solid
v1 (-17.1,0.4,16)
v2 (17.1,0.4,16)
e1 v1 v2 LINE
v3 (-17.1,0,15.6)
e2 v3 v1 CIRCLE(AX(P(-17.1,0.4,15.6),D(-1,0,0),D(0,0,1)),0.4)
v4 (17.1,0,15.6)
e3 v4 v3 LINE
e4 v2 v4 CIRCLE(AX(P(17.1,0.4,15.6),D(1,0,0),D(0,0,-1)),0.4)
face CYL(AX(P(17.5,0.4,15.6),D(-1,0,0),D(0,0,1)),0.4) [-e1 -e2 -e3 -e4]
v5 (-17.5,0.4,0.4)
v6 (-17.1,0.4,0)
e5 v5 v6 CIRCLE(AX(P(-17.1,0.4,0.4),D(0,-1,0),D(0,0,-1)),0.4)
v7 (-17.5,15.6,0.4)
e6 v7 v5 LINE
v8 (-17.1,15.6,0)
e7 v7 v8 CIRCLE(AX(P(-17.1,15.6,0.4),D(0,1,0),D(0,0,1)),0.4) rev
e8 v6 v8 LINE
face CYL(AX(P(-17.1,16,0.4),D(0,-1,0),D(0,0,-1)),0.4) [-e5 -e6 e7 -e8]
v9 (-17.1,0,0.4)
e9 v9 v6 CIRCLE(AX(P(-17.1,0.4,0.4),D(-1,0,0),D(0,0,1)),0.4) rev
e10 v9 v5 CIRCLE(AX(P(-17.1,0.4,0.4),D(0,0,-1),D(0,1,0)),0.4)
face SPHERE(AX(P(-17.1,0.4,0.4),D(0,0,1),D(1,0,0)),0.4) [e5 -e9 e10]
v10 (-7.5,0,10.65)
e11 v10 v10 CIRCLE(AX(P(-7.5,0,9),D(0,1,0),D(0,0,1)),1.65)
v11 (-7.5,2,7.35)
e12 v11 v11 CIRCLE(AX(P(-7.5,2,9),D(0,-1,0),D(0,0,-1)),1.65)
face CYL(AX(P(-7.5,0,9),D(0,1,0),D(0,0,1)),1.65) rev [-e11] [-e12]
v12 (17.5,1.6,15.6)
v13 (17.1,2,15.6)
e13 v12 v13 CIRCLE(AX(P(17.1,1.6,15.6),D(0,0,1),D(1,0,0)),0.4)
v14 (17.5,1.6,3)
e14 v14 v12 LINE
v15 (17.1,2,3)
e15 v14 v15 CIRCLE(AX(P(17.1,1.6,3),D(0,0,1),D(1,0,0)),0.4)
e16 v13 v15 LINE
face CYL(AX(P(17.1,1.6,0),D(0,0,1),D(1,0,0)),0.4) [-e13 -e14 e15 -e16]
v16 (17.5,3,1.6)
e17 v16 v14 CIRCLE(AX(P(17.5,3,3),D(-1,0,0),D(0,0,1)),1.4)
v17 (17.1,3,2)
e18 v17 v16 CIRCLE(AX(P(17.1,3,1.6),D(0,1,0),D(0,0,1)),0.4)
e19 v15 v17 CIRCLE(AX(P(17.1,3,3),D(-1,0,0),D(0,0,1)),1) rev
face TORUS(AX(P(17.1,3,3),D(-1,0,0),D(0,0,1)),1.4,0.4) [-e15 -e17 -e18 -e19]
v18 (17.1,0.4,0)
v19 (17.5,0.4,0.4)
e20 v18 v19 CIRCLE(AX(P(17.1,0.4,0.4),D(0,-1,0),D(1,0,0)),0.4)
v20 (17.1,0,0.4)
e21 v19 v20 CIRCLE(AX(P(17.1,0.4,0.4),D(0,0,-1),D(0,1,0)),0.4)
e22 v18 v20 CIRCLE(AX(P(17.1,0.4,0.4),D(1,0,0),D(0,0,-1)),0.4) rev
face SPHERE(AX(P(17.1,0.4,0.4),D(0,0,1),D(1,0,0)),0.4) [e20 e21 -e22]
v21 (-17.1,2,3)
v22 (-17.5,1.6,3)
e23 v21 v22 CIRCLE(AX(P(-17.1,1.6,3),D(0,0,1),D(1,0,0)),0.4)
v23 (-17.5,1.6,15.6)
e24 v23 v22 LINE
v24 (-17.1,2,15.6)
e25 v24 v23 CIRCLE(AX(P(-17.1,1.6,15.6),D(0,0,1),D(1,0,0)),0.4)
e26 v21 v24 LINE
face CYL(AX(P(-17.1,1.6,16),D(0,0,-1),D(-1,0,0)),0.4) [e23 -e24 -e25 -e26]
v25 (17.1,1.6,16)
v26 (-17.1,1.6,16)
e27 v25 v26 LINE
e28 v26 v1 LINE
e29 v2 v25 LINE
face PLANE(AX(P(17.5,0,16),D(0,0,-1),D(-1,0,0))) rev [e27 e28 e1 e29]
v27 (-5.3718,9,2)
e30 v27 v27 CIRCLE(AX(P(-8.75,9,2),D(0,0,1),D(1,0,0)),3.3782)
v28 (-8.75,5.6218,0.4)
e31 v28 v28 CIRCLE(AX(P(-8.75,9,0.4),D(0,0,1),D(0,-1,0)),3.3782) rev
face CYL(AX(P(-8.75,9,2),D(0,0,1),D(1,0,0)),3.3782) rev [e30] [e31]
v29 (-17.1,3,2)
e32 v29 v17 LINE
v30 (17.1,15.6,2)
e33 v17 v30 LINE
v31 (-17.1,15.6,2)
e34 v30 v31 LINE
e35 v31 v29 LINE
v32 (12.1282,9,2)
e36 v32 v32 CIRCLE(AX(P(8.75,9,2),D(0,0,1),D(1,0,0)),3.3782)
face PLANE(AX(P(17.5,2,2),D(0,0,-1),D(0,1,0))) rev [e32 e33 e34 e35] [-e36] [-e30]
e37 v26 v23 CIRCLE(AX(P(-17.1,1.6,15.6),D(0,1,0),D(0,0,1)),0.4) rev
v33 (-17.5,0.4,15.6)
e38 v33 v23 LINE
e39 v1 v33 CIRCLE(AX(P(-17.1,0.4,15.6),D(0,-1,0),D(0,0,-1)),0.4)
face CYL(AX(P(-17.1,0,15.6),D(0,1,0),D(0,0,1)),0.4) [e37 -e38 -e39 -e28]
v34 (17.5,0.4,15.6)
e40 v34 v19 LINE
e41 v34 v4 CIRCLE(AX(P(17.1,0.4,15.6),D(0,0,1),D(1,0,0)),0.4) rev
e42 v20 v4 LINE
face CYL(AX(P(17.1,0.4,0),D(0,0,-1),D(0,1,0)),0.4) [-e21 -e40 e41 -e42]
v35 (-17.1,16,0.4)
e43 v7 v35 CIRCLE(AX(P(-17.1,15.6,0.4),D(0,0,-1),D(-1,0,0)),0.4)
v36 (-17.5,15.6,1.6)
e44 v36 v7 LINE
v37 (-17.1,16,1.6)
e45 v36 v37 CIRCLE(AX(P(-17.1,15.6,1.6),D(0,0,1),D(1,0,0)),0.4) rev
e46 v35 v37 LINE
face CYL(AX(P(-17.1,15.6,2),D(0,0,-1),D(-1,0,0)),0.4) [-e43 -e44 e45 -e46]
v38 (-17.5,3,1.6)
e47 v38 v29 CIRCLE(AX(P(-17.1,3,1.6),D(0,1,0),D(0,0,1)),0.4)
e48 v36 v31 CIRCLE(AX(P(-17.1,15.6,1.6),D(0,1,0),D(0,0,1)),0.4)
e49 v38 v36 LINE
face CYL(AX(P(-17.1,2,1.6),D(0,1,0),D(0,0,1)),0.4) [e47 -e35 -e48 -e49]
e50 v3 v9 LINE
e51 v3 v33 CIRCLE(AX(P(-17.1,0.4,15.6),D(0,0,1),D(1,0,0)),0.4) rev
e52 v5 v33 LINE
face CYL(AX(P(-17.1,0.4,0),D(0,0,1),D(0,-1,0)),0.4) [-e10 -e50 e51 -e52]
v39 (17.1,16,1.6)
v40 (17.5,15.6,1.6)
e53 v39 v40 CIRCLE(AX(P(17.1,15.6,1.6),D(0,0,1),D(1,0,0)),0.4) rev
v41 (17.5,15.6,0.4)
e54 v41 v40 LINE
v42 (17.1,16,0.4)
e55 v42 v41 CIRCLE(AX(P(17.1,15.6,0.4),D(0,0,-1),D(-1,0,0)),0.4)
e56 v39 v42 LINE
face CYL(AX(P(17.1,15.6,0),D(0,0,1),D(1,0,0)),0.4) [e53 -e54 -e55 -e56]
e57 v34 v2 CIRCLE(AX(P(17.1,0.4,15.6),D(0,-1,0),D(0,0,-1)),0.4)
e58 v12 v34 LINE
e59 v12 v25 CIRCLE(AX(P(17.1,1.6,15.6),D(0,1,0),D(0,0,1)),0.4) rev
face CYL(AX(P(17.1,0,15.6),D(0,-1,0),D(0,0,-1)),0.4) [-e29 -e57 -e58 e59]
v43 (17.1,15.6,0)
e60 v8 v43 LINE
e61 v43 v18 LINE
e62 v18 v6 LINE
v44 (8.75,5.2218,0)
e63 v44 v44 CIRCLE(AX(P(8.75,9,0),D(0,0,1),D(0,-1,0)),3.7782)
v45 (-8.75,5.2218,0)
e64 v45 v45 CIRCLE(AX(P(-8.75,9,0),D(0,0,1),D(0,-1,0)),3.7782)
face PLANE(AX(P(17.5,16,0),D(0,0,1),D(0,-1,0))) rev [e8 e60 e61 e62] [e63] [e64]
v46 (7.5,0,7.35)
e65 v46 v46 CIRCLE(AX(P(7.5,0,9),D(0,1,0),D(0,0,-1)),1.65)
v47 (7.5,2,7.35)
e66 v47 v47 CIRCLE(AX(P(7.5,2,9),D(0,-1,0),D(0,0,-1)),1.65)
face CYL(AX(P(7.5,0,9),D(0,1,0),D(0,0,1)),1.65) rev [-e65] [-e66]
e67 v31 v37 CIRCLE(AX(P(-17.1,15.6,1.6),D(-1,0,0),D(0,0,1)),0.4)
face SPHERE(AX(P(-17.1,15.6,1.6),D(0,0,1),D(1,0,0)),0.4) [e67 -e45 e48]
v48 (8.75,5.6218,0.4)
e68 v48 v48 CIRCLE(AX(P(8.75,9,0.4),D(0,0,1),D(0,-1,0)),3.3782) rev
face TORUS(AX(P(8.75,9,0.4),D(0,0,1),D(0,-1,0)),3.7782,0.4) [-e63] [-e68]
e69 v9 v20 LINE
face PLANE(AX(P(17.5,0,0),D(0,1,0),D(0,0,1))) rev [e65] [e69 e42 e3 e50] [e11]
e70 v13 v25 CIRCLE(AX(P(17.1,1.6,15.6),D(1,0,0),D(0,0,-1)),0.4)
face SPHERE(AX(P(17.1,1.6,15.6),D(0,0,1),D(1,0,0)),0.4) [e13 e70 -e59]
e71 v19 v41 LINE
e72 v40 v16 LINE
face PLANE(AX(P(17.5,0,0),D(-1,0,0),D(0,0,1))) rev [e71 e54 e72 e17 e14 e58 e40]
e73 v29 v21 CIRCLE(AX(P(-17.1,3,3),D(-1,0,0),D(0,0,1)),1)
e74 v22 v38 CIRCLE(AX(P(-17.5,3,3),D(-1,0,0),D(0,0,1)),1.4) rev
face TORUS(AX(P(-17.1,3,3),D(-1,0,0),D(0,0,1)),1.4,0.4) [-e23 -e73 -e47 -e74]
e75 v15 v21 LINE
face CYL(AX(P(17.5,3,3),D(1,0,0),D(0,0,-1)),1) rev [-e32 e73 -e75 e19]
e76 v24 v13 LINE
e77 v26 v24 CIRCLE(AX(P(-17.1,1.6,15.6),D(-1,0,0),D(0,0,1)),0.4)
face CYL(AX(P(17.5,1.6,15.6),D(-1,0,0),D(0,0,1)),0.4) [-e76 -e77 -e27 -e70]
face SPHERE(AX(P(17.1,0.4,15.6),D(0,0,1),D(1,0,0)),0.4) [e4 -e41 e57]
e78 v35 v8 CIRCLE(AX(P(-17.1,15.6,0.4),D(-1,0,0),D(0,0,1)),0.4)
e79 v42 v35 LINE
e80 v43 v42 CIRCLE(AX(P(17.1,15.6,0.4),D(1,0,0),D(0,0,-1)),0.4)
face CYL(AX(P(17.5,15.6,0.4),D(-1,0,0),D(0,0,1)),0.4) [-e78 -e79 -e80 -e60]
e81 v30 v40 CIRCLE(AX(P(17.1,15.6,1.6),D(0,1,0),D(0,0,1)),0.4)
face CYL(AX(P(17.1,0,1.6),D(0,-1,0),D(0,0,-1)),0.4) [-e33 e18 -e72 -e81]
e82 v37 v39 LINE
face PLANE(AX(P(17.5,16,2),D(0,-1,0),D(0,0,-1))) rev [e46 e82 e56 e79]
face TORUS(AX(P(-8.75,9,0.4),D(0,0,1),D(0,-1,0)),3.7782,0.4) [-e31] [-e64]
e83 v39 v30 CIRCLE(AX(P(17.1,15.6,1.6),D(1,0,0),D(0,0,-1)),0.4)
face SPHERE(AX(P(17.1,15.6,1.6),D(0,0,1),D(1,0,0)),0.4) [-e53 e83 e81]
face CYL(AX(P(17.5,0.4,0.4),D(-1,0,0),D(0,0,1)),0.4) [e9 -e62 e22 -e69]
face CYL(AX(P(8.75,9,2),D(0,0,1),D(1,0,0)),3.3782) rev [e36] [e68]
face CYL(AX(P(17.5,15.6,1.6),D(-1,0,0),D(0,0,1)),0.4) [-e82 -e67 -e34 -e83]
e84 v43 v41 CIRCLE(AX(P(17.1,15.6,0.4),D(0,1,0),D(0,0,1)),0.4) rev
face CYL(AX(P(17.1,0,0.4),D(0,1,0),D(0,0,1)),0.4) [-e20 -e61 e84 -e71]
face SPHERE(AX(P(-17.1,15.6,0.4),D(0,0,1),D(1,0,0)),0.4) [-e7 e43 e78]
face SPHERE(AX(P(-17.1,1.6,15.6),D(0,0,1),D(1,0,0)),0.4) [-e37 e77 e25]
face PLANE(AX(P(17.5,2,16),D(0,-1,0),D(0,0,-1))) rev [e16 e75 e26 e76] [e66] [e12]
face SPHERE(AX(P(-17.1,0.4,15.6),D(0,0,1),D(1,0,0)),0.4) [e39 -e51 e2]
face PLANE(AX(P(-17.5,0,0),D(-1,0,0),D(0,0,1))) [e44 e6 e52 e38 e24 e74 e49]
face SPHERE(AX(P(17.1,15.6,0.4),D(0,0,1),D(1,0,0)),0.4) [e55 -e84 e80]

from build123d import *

# Parameters (mm, degrees)
MOUNT_DEPTH                  = 17.5
F_1_4_ANTENNA_HOLES_D        = 6.7564
SKETCH6_R                    = 1.65
M3_STANDOFF_HOLES_DEPTH      = 15
M3_STANDOFF_HOLES_DEPTH_BACK = 3
INSIDE_FILLET_R              = 1
EXTERNAL_FILLETS_R           = 0.4


with BuildPart() as part:
    # Sketch1 → Mount (new body, symmetric)
    with BuildSketch(Plane(origin=(0, 0, 0), x_dir=(0, 0, -1), z_dir=(1, 0, 0))):
        Polygon((-2, 16), (0, 16), (0, 0), (-16, 0), (-16, 2), (-2, 2), align=None)
    extrude(amount=MOUNT_DEPTH, both=True)

    # 1/4" Antenna Holes (through all)
    with Locations(Plane.XY.offset(2)):
        with Locations((-8.75, 9), (8.75, 9)):
            Hole(F_1_4_ANTENNA_HOLES_D / 2)

    # Sketch6 → M3 Standoff Holes (cut, two sides)
    with BuildSketch(Plane(origin=(0, 2, 0), x_dir=(1, 0, 0), z_dir=(0, 1, 0))) as m3_standoff_holes_sk:
        with Locations((-7.5, -9)):
            Circle(SKETCH6_R)
        with Locations((7.5, -9)):
            Circle(SKETCH6_R)
    extrude(amount=M3_STANDOFF_HOLES_DEPTH, mode=Mode.SUBTRACT)
    extrude(m3_standoff_holes_sk.sketch, amount=-M3_STANDOFF_HOLES_DEPTH_BACK, mode=Mode.SUBTRACT)

    # Inside Fillet
    inside_fillet_edges = [part.edges().sort_by_distance(p)[0] for p in [
        (0, 2, 2),
    ]]
    fillet(inside_fillet_edges, radius=INSIDE_FILLET_R)

    # External Fillets
    external_fillets_edges = [part.edges().sort_by_distance(p)[0] for p in [
        (0, 16, 2),
        (0, 16, 0),
        (0, 0, 0),
        (0, 0, 16),
        (0, 2, 16),
        (17.5, 1, 16),
        (17.5, 0, 8),
        (17.5, 8, 0),
        (12.1282, 9, 0),
        (17.5, 16, 1),
        (-5.3718, 9, 0),
        (-17.5, 2, 9.5),
        (17.5, 2, 9.5),
        (-17.5, 2.292893219, 2.292893219),
        (17.5, 2.292893219, 2.292893219),
        (17.5, 9.5, 2),
        (-17.5, 16, 1),
        (-17.5, 8, 0),
        (-17.5, 0, 8),
        (-17.5, 1, 16),
        (-17.5, 9.5, 2),
    ]]
    fillet(external_fillets_edges, radius=EXTERNAL_FILLETS_R)


solid = part.part
